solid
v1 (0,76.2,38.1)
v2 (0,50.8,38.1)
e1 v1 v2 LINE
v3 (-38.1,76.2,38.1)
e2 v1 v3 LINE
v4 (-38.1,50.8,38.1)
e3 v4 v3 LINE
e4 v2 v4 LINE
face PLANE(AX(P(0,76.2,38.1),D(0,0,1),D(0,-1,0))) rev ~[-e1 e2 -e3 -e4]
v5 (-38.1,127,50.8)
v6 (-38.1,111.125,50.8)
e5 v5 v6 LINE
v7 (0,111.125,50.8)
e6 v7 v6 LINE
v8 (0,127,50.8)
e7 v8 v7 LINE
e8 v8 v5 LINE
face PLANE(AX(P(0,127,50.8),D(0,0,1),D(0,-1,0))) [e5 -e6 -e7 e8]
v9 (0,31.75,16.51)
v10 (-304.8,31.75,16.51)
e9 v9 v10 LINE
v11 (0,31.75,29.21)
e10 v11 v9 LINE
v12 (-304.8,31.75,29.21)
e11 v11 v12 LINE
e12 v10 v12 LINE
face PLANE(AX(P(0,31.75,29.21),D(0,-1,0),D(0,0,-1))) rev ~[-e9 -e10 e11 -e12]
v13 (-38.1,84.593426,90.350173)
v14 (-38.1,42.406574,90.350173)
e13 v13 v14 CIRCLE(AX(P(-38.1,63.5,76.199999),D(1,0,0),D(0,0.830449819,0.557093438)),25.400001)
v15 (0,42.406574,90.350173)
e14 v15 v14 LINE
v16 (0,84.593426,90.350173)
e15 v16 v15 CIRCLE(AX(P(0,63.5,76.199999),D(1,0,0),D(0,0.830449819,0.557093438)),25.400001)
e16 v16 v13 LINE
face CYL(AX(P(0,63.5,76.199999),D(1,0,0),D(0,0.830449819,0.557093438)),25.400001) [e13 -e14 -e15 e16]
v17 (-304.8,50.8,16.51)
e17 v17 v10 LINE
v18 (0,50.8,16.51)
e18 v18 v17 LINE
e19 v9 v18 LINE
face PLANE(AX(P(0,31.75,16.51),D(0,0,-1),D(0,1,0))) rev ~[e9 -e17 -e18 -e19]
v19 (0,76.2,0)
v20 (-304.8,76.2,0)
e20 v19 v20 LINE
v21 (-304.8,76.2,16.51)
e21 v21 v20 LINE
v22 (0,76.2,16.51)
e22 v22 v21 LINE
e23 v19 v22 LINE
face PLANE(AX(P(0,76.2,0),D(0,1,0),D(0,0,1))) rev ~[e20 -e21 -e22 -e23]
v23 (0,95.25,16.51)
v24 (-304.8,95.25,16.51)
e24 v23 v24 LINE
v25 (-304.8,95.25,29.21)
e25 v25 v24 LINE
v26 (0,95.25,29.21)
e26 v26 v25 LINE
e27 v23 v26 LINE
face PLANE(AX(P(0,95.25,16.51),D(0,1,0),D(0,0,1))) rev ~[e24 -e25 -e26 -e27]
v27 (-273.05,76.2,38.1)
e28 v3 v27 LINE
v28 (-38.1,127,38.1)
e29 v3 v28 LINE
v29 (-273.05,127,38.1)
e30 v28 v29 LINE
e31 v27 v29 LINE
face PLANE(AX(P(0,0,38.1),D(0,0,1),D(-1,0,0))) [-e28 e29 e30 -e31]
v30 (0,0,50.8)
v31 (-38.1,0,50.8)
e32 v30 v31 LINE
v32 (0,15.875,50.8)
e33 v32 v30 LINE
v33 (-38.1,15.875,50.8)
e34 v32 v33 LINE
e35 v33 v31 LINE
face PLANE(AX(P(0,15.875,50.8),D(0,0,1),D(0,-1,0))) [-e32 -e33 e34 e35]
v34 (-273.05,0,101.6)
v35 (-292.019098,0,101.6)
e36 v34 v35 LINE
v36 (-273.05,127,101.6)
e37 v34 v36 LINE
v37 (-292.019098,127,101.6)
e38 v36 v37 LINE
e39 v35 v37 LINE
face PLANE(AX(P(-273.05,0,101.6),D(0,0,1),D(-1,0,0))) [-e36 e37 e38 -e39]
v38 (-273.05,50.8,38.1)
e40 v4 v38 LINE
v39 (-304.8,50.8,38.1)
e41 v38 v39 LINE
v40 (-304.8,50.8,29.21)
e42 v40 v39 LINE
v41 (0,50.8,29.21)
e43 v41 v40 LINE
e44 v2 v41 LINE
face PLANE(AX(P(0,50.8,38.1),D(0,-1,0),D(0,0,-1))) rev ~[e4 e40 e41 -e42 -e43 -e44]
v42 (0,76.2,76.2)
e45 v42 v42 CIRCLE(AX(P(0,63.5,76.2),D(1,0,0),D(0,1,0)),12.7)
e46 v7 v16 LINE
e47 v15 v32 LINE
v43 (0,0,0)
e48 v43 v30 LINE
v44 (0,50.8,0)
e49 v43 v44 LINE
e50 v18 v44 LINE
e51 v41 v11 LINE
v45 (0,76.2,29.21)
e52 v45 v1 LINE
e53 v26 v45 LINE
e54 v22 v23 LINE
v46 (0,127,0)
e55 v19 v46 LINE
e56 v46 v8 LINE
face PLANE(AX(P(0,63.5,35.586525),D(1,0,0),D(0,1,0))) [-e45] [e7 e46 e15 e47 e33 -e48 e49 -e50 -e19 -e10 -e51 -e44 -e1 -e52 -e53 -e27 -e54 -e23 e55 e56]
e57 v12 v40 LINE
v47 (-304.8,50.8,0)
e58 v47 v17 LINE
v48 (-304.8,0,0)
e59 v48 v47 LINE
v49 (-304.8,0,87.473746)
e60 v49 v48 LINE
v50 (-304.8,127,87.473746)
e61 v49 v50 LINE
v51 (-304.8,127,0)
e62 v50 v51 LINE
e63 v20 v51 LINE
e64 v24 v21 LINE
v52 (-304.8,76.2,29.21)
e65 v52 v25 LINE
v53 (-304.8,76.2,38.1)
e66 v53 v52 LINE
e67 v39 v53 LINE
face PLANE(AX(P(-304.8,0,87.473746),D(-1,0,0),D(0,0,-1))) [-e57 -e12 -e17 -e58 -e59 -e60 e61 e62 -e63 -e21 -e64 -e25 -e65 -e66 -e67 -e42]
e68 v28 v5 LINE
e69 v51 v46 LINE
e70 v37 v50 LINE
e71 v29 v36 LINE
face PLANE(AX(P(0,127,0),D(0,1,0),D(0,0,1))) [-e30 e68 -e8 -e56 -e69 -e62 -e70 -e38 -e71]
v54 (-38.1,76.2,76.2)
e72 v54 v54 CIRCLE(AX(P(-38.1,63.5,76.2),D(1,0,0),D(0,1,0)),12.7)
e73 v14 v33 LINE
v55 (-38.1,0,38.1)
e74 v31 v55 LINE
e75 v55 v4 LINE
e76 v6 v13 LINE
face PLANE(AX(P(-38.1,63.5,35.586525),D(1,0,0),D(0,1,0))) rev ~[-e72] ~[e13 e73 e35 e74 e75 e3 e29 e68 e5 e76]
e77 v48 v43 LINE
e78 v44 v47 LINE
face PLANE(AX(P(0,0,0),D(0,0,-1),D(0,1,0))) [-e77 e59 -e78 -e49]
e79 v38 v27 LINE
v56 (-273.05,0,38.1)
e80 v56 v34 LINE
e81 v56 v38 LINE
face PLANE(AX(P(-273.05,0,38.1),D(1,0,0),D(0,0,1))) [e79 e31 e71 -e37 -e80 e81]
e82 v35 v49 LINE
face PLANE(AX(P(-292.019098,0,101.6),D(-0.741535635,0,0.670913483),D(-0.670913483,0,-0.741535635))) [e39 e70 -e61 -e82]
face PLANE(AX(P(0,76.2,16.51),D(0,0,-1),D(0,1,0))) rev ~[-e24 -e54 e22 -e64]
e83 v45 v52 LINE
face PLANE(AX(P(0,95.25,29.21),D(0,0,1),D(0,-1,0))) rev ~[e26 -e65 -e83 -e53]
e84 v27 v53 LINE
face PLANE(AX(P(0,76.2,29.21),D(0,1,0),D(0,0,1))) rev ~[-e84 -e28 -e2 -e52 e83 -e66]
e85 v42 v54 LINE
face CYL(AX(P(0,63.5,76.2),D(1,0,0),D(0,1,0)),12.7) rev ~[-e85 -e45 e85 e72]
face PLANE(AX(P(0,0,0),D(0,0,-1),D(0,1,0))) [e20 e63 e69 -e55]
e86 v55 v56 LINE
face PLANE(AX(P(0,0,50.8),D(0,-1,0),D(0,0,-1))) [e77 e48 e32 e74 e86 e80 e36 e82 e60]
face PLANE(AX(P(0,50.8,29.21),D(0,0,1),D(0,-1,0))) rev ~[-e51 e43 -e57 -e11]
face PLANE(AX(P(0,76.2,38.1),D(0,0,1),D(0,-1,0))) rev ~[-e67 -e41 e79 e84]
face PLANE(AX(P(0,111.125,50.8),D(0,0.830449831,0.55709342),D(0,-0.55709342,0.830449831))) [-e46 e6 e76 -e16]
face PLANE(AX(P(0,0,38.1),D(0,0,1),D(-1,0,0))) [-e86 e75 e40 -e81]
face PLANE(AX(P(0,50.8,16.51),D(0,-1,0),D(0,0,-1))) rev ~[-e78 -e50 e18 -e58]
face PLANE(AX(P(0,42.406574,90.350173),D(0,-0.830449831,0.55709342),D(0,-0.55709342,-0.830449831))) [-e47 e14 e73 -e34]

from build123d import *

# Parameters (mm, degrees)
F0_R     = 12.7
F2_DEPTH = 38.1
F3_DEPTH = 127
F4_DEPTH = 304.801


with BuildPart() as f2:
    # F0 (on Right) → F2 (new body)
    with BuildSketch(Plane.YZ):
        with BuildLine():
            Line((0, 50.8), (0, 0))
            Line((0, 0), (50.8, 0))
            Line((50.8, 0), (50.8, 16.51))
            Line((50.8, 16.51), (31.75, 16.51))
            Line((31.75, 16.51), (31.75, 29.21))
            Line((31.75, 29.21), (50.8, 29.21))
            Line((50.8, 29.21), (50.8, 38.1))
            Line((50.8, 38.1), (76.2, 38.1))
            Line((76.2, 38.1), (76.2, 29.21))
            Line((76.2, 29.21), (95.25, 29.21))
            Line((95.25, 29.21), (95.25, 16.51))
            Line((95.25, 16.51), (76.2, 16.51))
            Line((76.2, 16.51), (76.2, 0))
            Line((76.2, 0), (127, 0))
            Line((127, 0), (127, 50.8))
            Line((127, 50.8), (111.125, 50.8))
            Line((111.125, 50.8), (84.593426, 90.350173))
            ThreePointArc((84.593426, 90.350173), (63.5, 101.6), (42.406574, 90.350173))
            Line((42.406574, 90.350173), (15.875, 50.8))
            Line((15.875, 50.8), (0, 50.8))
        make_face()
        with Locations((63.5, 76.2)):
            Circle(F0_R, mode=Mode.SUBTRACT)
    extrude(amount=-F2_DEPTH)

    # F1 (on Front) → F3 (join)
    with BuildSketch(Plane.XZ):
        Polygon((0, 0), (0, 38.1), (-273.05, 38.1), (-273.05, 101.6), (-292.019098, 101.6), (-304.8, 87.473746), (-304.8, 0), align=None)
    extrude(amount=-F3_DEPTH)

    # F0 (on Right) → F4 (cut, through all)
    with BuildSketch(Plane.YZ):
        Polygon((50.8, 16.51), (50.8, 0), (76.2, 0), (76.2, 16.51), (95.25, 16.51), (95.25, 29.21), (76.2, 29.21), (76.2, 38.1), (50.8, 38.1), (50.8, 29.21), (31.75, 29.21), (31.75, 16.51), align=None)
    extrude(amount=-F4_DEPTH, mode=Mode.SUBTRACT)


solid = f2.part
